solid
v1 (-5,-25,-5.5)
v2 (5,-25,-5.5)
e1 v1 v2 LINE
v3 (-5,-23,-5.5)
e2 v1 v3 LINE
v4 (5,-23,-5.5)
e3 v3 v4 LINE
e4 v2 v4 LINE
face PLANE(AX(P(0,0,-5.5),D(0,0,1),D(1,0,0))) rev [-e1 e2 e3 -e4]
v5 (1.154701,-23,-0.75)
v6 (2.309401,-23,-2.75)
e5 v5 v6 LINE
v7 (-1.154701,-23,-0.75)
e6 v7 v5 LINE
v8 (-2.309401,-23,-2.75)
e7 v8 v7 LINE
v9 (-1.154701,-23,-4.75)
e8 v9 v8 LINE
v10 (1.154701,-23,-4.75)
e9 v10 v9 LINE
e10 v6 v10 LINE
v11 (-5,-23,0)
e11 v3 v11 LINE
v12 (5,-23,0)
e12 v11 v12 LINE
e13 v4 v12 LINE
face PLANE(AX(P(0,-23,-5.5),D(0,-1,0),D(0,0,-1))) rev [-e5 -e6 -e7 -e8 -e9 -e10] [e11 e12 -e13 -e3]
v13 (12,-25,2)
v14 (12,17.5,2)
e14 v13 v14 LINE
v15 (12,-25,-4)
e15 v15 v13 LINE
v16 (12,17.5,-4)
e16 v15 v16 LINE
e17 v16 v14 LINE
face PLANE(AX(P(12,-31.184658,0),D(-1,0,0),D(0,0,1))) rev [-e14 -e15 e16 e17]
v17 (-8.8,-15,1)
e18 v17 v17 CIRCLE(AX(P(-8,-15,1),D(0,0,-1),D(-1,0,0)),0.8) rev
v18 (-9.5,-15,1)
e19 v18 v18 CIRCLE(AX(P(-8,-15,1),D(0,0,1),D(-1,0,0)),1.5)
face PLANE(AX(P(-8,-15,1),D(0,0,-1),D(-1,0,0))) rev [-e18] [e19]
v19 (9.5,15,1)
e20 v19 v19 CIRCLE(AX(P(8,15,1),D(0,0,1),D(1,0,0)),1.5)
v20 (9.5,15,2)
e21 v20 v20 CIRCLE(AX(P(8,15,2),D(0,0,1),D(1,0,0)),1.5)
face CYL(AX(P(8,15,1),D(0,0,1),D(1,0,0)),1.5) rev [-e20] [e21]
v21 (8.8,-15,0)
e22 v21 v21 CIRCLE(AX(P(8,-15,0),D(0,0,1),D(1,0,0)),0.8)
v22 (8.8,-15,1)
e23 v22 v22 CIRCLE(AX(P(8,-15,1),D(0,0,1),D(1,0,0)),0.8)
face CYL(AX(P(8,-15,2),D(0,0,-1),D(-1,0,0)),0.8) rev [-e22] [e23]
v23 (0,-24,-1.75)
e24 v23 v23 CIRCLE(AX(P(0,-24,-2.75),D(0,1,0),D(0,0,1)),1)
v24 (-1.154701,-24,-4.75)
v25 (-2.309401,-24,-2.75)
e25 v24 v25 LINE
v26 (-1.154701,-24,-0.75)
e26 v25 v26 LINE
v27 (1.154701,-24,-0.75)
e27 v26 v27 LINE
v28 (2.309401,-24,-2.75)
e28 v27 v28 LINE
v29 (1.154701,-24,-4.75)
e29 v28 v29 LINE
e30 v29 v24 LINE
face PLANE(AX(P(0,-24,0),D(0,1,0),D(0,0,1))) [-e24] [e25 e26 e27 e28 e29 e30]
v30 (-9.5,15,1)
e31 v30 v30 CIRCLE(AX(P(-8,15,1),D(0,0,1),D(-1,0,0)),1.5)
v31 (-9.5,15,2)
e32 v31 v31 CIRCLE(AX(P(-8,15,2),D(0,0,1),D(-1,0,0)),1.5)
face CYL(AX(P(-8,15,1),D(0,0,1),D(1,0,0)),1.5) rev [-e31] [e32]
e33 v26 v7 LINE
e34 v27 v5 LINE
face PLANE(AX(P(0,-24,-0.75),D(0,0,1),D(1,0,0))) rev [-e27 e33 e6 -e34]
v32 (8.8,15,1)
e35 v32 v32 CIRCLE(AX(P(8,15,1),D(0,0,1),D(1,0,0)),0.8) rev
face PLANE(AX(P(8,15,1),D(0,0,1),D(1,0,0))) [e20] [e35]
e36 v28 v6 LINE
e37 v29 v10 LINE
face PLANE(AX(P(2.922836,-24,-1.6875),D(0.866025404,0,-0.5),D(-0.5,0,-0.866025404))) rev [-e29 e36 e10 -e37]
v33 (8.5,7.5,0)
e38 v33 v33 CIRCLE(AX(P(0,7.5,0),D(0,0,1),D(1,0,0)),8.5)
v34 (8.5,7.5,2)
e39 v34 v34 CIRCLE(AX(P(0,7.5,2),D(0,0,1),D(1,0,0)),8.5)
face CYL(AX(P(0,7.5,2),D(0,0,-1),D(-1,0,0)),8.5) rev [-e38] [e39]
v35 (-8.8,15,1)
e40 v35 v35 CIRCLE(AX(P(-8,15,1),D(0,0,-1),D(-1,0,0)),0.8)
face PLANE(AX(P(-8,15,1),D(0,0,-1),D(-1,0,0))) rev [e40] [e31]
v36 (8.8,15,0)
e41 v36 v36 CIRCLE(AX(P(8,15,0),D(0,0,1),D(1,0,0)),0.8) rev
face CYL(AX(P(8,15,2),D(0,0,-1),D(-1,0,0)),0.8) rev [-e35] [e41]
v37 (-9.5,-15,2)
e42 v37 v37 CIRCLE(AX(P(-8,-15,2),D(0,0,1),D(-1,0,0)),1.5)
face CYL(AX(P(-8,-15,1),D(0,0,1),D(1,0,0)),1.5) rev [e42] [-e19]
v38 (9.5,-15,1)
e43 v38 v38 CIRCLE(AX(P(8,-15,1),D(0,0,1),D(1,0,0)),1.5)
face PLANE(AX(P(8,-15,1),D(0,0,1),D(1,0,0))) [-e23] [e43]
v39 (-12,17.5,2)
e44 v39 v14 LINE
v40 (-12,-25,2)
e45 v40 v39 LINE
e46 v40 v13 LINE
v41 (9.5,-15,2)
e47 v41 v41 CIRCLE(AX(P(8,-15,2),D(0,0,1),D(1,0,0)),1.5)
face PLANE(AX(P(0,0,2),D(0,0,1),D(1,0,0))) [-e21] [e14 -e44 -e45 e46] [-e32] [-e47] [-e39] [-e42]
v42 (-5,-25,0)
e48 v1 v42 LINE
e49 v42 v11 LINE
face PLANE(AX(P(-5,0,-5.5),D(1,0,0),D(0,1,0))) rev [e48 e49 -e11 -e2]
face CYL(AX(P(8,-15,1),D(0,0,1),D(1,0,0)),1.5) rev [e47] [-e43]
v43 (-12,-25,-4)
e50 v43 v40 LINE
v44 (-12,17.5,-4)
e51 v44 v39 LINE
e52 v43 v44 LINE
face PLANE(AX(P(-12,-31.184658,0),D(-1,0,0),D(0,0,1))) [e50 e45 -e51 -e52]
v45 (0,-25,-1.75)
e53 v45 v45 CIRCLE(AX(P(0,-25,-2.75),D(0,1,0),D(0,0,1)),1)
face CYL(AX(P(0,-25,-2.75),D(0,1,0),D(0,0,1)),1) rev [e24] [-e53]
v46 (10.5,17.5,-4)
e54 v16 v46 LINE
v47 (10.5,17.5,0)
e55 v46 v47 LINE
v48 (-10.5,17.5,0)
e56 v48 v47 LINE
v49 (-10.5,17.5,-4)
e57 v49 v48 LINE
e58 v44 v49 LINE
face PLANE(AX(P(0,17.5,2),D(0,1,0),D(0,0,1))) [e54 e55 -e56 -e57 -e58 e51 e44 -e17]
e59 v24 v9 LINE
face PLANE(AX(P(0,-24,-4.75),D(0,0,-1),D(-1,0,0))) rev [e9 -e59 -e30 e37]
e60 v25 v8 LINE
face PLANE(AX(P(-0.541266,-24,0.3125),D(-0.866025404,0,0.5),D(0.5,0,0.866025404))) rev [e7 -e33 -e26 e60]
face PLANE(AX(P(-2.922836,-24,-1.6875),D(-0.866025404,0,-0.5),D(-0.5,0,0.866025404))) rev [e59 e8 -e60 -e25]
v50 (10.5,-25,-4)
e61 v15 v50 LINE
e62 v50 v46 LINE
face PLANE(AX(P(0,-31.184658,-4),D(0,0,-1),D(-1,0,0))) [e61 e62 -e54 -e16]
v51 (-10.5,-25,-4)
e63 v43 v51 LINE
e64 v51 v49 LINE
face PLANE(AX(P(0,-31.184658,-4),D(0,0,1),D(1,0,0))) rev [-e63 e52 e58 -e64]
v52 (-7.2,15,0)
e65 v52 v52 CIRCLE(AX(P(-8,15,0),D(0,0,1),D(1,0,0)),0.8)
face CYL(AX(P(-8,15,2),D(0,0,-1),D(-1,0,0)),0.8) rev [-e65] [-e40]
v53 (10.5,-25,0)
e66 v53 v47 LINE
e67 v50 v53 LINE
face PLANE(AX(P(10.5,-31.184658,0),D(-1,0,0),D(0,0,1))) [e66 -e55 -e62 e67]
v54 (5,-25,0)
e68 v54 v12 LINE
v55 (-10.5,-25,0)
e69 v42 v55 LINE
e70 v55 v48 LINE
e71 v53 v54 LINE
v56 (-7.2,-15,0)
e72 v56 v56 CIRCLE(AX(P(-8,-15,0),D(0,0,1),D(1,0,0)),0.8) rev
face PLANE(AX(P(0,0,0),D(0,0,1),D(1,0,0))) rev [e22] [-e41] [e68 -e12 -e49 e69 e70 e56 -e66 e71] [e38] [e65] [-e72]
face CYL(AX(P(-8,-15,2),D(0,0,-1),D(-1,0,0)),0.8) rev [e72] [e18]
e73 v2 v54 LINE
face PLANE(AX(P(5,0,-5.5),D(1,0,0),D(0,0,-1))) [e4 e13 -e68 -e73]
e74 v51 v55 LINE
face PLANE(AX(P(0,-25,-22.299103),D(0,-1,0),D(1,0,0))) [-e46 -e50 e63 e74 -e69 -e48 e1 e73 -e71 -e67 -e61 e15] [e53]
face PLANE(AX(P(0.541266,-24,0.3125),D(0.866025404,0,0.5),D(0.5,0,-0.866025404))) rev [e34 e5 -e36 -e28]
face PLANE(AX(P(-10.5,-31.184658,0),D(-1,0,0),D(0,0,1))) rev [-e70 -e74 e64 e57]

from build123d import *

# Parameters (mm, degrees)
SKETCH1_W                  = 21
SKETCH1_H                  = 35
SKETCH1_R                  = 0.8
SKETCH1_R_2                = 8.5
BRACKETWITHBOLTHOLES_DEPTH = 2
SKETCH2_W                  = 10
SKETCH2_H                  = 2
BRACKETEXTENSION_DEPTH     = 2
SKETCH2_3_W                = 10
SKETCH2_3_H                = 2
BASE_DEPTH                 = 7.5
SKETCH3_R                  = 1
BASEBOLTHOLE_DEPTH         = 3
BASENUTSLOT_DEPTH          = 1
STIFFENERRIB_DEPTH         = 42.5
SKETCH5_R                  = 1.5
BOLTHATSLOTS_DEPTH         = 1


with BuildPart() as part:
    # Sketch1 → BracketWithBoltHoles (new body)
    with BuildSketch(Plane.XY):
        Rectangle(SKETCH1_W, SKETCH1_H)
        with Locations((-8, 15)):
            Circle(SKETCH1_R, mode=Mode.SUBTRACT)
        with Locations((8, 15)):
            Circle(SKETCH1_R, mode=Mode.SUBTRACT)
        with Locations((8, -15)):
            Circle(SKETCH1_R, mode=Mode.SUBTRACT)
        with Locations((-8, -15)):
            Circle(SKETCH1_R, mode=Mode.SUBTRACT)
        with Locations((0, 7.5)):
            Circle(SKETCH1_R_2, mode=Mode.SUBTRACT)
    extrude(amount=BRACKETWITHBOLTHOLES_DEPTH)

    # Sketch2 → BracketExtension (add)
    with BuildSketch(Plane.XY.offset(2)):
        Polygon((10.5, -17.5), (-10.5, -17.5), (-10.5, -25), (-5, -25), (-5, -23), (5, -23), (5, -25), (10.5, -25), align=None)
        with Locations((0, -24)):
            Rectangle(SKETCH2_W, SKETCH2_H)
    extrude(amount=-BRACKETEXTENSION_DEPTH)

    # Sketch2<3> → Base (add)
    with BuildSketch(Plane.XY.offset(2)):
        with Locations((0, -24)):
            Rectangle(SKETCH2_3_W, SKETCH2_3_H)
    extrude(amount=-BASE_DEPTH)

    # Sketch3 → BaseBoltHole (cut, through all)
    with BuildSketch(Plane(origin=(0, -23, 0), x_dir=(1, 0, 0), z_dir=(0, 1, 0))):
        with Locations((0, 2.75)):
            Circle(SKETCH3_R)
    extrude(amount=-BASEBOLTHOLE_DEPTH, mode=Mode.SUBTRACT)

    # Sketch3<3> → BaseNutSlot (cut)
    with BuildSketch(Plane(origin=(0, -23, 0), x_dir=(1, 0, 0), z_dir=(0, 1, 0))):
        Polygon((2.309401077, 2.75), (1.154700538, 4.75), (-1.154700538, 4.75), (-2.309401077, 2.75), (-1.154700538, 0.75), (1.154700538, 0.75), align=None)
    extrude(amount=-BASENUTSLOT_DEPTH, mode=Mode.SUBTRACT)

    # Sketch4 → StiffenerRib (add)
    with BuildSketch(Plane(origin=(0, 17.5, 0), x_dir=(1, 0, 0), z_dir=(0, 1, 0))):
        Polygon((-10.5, 4), (-12, 4), (-12, -2), (-10.5, -2), (-10.5, 0), align=None)
    stiffenerrib = extrude(amount=-STIFFENERRIB_DEPTH)

    # StiffenerRib2: StiffenerRib across plane
    add(stiffenerrib.mirror(Plane(origin=(0, 0, 0), x_dir=(0, 0, 1), z_dir=(1, 0, 0))))

    # Sketch5 → BoltHatSlots (cut)
    with BuildSketch(Plane.XY.offset(2)):
        with Locations((8, 15)):
            Circle(SKETCH5_R)
        with Locations((8, -15)):
            Circle(SKETCH5_R)
        with Locations((-8, -15)):
            Circle(SKETCH5_R)
        with Locations((-8, 15)):
            Circle(SKETCH5_R)
    extrude(amount=-BOLTHATSLOTS_DEPTH, mode=Mode.SUBTRACT)


solid = part.part
